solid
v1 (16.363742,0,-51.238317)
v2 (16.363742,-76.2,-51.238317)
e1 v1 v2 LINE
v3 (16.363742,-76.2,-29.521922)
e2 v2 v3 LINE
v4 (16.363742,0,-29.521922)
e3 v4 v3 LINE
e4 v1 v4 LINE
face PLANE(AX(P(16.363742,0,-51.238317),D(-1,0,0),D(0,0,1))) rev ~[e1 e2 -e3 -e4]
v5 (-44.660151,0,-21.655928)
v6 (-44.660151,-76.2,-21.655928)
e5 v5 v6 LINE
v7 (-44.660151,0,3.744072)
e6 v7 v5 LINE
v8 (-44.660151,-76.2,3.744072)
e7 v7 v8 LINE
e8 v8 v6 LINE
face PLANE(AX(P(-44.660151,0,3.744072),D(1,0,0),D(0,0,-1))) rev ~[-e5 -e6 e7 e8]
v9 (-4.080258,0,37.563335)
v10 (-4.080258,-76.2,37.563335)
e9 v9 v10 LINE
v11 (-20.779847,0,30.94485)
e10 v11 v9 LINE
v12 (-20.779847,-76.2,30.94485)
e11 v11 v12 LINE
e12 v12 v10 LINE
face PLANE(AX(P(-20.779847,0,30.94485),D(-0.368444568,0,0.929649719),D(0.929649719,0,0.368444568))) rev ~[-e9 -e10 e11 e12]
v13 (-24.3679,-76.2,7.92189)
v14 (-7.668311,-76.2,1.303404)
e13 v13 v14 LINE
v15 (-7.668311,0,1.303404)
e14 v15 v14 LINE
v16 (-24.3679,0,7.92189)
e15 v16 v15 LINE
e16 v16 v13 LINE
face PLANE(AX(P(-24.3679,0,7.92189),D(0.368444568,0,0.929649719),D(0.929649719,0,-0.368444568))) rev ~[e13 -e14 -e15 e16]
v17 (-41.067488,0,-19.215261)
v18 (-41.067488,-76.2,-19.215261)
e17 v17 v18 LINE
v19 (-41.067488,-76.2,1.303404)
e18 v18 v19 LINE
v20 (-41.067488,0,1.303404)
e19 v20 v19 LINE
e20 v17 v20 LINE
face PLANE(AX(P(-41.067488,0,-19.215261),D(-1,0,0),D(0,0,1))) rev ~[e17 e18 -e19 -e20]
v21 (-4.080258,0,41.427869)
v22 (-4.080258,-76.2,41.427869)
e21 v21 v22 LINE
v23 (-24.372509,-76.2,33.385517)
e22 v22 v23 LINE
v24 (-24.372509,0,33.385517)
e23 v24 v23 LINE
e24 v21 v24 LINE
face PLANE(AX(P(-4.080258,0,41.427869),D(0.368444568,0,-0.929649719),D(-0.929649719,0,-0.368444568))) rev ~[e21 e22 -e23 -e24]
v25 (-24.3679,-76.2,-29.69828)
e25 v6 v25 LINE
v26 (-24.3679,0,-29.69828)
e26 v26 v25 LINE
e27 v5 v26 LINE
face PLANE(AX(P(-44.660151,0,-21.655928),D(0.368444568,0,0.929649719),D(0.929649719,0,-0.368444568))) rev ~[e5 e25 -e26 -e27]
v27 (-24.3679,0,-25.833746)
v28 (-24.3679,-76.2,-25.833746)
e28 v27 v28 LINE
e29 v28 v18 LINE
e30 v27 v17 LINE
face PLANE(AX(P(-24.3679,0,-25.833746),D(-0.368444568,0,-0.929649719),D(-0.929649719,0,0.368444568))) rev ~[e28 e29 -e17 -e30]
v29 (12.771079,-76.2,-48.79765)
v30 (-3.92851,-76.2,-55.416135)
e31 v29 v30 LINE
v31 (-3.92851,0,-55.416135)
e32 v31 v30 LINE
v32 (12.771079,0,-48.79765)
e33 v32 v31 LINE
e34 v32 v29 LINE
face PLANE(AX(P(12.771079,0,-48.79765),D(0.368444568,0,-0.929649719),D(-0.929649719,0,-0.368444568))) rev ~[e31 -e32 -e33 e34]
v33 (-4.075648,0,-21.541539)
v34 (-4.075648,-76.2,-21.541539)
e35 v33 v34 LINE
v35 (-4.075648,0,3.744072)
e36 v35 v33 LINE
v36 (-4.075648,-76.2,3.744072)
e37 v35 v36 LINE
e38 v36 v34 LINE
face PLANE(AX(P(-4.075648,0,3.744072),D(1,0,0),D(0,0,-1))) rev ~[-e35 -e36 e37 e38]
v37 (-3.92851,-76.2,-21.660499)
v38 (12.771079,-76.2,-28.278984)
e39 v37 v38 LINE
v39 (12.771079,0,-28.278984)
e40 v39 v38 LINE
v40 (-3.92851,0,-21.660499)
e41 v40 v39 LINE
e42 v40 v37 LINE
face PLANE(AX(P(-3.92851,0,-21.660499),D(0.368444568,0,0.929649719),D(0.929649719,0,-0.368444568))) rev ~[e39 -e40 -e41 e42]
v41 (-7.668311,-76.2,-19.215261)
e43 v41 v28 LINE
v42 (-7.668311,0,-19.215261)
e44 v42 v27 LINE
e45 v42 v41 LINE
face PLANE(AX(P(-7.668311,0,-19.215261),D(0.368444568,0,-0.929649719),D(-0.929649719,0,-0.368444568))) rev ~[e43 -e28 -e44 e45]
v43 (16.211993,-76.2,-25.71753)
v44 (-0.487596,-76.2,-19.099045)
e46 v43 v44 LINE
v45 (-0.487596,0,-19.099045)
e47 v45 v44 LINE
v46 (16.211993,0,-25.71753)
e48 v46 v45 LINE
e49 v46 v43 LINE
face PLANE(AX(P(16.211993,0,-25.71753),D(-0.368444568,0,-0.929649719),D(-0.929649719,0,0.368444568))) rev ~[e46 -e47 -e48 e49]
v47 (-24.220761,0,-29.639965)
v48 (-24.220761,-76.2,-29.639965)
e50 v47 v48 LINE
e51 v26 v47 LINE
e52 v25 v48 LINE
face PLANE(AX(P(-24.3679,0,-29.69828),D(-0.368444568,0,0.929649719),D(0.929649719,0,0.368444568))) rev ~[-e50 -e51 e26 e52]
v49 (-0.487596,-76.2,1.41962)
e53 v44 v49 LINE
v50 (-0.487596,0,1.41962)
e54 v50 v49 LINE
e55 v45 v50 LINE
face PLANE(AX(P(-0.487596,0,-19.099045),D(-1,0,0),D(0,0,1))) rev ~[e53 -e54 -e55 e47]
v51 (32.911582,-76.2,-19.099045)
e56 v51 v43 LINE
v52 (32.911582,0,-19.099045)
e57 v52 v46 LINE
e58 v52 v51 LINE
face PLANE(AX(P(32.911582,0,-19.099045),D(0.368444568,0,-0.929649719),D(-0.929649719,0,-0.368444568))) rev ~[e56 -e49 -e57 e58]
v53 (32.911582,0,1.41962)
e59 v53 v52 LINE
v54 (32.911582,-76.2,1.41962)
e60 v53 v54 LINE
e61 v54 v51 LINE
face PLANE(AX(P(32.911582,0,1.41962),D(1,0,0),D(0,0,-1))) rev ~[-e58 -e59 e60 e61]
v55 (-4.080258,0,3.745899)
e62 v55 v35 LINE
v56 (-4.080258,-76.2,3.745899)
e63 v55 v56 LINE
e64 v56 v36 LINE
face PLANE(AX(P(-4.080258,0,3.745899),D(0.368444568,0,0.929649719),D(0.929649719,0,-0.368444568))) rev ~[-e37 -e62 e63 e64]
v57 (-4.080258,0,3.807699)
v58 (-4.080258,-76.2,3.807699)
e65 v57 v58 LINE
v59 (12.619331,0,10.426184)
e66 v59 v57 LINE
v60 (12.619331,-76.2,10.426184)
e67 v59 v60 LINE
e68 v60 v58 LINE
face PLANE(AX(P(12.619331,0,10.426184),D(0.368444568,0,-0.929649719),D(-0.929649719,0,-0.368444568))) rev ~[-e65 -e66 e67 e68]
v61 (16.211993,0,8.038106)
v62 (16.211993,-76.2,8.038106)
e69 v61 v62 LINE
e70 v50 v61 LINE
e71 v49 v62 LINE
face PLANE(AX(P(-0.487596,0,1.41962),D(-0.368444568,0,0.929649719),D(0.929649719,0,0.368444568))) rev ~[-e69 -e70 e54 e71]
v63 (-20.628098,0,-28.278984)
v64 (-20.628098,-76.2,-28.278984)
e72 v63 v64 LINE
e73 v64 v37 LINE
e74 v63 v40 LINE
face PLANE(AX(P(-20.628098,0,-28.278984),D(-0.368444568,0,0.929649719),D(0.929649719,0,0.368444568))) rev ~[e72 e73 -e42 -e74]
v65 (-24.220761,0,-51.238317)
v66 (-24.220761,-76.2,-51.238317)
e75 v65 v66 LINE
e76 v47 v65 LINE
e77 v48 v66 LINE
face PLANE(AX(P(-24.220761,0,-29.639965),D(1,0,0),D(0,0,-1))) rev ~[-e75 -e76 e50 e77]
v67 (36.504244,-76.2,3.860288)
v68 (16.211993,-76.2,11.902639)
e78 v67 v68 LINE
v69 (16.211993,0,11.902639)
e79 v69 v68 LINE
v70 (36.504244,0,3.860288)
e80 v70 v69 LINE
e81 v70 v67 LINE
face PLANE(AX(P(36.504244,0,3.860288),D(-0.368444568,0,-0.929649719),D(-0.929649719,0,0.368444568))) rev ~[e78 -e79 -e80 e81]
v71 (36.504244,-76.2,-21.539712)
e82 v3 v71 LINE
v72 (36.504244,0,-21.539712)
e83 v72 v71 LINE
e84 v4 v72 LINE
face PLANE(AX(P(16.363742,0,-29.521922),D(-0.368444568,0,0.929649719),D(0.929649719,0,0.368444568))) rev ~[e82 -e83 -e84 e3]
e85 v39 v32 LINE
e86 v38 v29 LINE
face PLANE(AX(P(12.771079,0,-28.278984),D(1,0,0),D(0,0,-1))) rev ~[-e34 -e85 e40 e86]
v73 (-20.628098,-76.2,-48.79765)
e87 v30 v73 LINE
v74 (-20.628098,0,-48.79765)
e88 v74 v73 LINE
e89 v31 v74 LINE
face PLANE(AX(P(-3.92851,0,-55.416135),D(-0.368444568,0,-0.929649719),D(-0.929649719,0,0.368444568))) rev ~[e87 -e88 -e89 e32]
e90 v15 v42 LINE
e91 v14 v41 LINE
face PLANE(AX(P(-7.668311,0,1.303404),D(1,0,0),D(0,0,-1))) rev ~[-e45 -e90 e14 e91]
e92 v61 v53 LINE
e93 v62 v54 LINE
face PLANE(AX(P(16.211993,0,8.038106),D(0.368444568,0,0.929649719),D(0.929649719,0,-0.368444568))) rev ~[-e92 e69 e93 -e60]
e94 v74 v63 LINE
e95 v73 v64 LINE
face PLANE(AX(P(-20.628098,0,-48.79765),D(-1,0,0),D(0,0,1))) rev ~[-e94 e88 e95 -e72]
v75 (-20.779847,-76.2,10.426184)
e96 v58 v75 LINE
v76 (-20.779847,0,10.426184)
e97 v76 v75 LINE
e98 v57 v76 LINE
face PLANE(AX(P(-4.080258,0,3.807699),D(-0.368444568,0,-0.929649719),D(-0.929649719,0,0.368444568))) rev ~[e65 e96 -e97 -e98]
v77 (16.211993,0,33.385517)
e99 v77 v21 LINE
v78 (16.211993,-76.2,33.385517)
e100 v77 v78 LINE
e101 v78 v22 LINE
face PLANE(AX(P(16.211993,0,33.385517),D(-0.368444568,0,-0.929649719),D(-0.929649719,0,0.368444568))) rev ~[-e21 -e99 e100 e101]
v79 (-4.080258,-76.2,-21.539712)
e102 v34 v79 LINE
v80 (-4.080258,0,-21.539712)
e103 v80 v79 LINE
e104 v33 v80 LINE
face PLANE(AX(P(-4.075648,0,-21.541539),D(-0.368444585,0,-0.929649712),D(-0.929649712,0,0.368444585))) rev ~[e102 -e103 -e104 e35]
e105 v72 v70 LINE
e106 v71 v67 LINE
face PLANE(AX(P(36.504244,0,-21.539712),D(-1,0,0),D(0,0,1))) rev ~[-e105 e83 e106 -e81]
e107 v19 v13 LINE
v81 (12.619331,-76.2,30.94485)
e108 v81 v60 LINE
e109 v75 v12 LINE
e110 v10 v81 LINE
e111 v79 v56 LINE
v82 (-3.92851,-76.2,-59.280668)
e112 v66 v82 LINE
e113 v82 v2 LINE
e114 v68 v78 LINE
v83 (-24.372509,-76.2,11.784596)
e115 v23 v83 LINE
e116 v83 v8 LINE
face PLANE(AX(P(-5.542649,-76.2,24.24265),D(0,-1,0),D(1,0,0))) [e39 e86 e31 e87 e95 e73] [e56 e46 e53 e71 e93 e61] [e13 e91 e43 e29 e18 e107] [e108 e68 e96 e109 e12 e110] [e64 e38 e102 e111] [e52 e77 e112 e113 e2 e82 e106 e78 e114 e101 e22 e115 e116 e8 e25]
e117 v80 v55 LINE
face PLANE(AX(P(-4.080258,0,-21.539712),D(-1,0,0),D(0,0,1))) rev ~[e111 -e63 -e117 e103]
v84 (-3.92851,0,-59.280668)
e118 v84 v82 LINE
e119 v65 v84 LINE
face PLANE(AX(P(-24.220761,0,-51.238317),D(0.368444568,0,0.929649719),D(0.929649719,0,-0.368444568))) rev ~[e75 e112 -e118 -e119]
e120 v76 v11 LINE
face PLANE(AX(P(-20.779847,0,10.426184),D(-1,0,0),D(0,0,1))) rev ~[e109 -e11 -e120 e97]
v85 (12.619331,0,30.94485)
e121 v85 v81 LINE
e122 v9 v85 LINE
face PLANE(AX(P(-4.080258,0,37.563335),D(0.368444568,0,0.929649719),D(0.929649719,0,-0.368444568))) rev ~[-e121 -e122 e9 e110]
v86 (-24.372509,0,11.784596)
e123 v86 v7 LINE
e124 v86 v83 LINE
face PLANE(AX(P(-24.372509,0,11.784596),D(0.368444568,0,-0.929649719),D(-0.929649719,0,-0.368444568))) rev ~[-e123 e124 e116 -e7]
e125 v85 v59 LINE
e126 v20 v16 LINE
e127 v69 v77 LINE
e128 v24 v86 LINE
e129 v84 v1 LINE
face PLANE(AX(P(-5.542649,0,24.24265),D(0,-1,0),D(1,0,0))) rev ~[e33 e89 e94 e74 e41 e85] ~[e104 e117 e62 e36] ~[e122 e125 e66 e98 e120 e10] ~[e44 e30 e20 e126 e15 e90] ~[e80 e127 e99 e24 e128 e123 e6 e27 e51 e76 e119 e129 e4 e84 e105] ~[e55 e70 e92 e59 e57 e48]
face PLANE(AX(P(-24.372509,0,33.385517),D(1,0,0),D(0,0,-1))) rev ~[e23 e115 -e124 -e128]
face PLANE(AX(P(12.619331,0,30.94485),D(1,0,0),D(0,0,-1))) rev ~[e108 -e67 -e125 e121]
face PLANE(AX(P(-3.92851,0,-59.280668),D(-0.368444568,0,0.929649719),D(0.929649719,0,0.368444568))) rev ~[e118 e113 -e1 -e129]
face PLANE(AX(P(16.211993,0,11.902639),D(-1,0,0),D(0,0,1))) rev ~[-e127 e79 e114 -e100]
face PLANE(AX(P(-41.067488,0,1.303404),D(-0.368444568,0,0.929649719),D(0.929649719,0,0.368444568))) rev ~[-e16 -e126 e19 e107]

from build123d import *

# Parameters (mm, degrees)
F1_DEPTH = 76.2


with BuildPart() as f1:
    # F0 (on Front) → F1 (new body)
    with BuildSketch(Plane.XZ):
        Polygon((-20.7798469164, 30.9448499908), (-4.080258193, 37.5633350251), (12.6193305304, 30.9448499908), (12.6193305304, 20.6855171707), (12.6193305304, 10.4787727096), (16.2119930955, 11.9026391182), (16.2119930955, 20.6855171707), (16.2119930955, 33.3855171707), (-4.080258193, 41.4278686137), (-24.3725094816, 33.3855171707), (-24.3725094816, 20.6855171707), (-24.3725094816, 11.7845961285), (-24.3678997162, 11.7864230994), (-4.080258193, 3.7458986274), (-4.080258193, 3.8076993163), (-20.7798469164, 10.4261843506), (-20.7798469164, 20.6855171707), align=None)
        Polygon((16.2119930955, 11.9026391182), (12.6193305304, 10.4787727096), (12.6193305304, 10.4261843506), (-4.080258193, 3.8076993163), (-4.080258193, 3.7458986274), (-4.0756484277, 3.7440716565), (-4.0756484277, -0.0550073013), (-0.4875956279, 1.3670321364), (-0.4875956279, 1.4196204954), (16.2119930955, 8.0381055297), align=None)
        Polygon((36.5042443841, 3.8602876753), (16.2119930955, 11.9026391182), (16.2119930955, 8.0381055297), (32.9115818189, 1.4196204954), (32.9115818189, -8.8397123247), (32.9115818189, -19.0990451448), (16.2119930955, -25.7175301792), (-0.4875956279, -19.0990451448), (-0.4875956279, -8.8397123247), (-0.4875956279, 1.3670321364), (-4.0756484277, -0.0550073013), (-4.0756484277, -8.9559283435), (-4.0756484277, -17.8542805673), (-3.9285096231, -17.7959655996), (16.3637416654, -25.8383170426), (16.3637416654, -29.5219218291), (36.5042443841, -21.5397123247), (36.5042443841, -8.8397123247), align=None)
        Polygon((-4.080258193, -0.0568342722), (-4.080258193, 3.7458986274), (-24.3678997162, 11.7864230994), (-24.3725094816, 11.7845961285), (-24.3725094816, 7.9855171707), align=None)
        Polygon((-4.080258193, -8.8397123247), (-4.080258193, -0.0568342722), (-24.3725094816, 7.9855171707), (-24.3725094816, 11.7845961285), (-44.6601510048, 3.7440716565), (-44.6601510048, -8.9559283435), (-44.6601510048, -21.6559283435), (-24.3678997162, -29.6982797865), (-24.2207609117, -29.6399648189), (-24.2207609117, -25.8383170426), (-4.080258193, -17.8561075382), align=None)
        Polygon((-41.0674884396, 1.3034044766), (-24.3678997162, 7.9218895109), (-7.6683109928, 1.3034044766), (-7.6683109928, -8.9559283435), (-7.6683109928, -19.2152611636), (-24.3678997162, -25.833746198), (-41.0674884396, -19.2152611636), (-41.0674884396, -8.9559283435), align=None, mode=Mode.SUBTRACT)
        Polygon((16.3637416654, -38.5383170426), (16.3637416654, -29.5219218291), (16.2119930955, -29.5820637677), (-4.0756484277, -21.5415392957), (-4.0756484277, -21.6559283435), (-24.2207609117, -29.6399648189), (-24.2207609117, -38.5383170426), (-24.2207609117, -51.2383170426), (-3.9285096231, -59.2806684855), (16.3637416654, -51.2383170426), align=None)
        Polygon((-20.6280983465, -28.2789842225), (-3.9285096231, -21.6604991882), (12.7710791003, -28.2789842225), (12.7710791003, -38.5383170426), (12.7710791003, -48.7976498627), (-3.9285096231, -55.416134897), (-20.6280983465, -48.7976498627), (-20.6280983465, -38.5383170426), align=None, mode=Mode.SUBTRACT)
        Polygon((16.2119930955, -29.5820637677), (16.3637416654, -29.5219218291), (16.3637416654, -25.8383170426), (-3.9285096231, -17.7959655996), (-4.0756484277, -17.8542805673), (-4.0756484277, -21.5415392957), align=None)
        Polygon((-4.080258193, -21.5397123247), (-4.080258193, -17.8561075382), (-24.2207609117, -25.8383170426), (-24.2207609117, -29.6399648189), (-4.0756484277, -21.6559283435), (-4.0756484277, -21.5415392957), align=None)
    extrude(amount=F1_DEPTH)


solid = f1.part
